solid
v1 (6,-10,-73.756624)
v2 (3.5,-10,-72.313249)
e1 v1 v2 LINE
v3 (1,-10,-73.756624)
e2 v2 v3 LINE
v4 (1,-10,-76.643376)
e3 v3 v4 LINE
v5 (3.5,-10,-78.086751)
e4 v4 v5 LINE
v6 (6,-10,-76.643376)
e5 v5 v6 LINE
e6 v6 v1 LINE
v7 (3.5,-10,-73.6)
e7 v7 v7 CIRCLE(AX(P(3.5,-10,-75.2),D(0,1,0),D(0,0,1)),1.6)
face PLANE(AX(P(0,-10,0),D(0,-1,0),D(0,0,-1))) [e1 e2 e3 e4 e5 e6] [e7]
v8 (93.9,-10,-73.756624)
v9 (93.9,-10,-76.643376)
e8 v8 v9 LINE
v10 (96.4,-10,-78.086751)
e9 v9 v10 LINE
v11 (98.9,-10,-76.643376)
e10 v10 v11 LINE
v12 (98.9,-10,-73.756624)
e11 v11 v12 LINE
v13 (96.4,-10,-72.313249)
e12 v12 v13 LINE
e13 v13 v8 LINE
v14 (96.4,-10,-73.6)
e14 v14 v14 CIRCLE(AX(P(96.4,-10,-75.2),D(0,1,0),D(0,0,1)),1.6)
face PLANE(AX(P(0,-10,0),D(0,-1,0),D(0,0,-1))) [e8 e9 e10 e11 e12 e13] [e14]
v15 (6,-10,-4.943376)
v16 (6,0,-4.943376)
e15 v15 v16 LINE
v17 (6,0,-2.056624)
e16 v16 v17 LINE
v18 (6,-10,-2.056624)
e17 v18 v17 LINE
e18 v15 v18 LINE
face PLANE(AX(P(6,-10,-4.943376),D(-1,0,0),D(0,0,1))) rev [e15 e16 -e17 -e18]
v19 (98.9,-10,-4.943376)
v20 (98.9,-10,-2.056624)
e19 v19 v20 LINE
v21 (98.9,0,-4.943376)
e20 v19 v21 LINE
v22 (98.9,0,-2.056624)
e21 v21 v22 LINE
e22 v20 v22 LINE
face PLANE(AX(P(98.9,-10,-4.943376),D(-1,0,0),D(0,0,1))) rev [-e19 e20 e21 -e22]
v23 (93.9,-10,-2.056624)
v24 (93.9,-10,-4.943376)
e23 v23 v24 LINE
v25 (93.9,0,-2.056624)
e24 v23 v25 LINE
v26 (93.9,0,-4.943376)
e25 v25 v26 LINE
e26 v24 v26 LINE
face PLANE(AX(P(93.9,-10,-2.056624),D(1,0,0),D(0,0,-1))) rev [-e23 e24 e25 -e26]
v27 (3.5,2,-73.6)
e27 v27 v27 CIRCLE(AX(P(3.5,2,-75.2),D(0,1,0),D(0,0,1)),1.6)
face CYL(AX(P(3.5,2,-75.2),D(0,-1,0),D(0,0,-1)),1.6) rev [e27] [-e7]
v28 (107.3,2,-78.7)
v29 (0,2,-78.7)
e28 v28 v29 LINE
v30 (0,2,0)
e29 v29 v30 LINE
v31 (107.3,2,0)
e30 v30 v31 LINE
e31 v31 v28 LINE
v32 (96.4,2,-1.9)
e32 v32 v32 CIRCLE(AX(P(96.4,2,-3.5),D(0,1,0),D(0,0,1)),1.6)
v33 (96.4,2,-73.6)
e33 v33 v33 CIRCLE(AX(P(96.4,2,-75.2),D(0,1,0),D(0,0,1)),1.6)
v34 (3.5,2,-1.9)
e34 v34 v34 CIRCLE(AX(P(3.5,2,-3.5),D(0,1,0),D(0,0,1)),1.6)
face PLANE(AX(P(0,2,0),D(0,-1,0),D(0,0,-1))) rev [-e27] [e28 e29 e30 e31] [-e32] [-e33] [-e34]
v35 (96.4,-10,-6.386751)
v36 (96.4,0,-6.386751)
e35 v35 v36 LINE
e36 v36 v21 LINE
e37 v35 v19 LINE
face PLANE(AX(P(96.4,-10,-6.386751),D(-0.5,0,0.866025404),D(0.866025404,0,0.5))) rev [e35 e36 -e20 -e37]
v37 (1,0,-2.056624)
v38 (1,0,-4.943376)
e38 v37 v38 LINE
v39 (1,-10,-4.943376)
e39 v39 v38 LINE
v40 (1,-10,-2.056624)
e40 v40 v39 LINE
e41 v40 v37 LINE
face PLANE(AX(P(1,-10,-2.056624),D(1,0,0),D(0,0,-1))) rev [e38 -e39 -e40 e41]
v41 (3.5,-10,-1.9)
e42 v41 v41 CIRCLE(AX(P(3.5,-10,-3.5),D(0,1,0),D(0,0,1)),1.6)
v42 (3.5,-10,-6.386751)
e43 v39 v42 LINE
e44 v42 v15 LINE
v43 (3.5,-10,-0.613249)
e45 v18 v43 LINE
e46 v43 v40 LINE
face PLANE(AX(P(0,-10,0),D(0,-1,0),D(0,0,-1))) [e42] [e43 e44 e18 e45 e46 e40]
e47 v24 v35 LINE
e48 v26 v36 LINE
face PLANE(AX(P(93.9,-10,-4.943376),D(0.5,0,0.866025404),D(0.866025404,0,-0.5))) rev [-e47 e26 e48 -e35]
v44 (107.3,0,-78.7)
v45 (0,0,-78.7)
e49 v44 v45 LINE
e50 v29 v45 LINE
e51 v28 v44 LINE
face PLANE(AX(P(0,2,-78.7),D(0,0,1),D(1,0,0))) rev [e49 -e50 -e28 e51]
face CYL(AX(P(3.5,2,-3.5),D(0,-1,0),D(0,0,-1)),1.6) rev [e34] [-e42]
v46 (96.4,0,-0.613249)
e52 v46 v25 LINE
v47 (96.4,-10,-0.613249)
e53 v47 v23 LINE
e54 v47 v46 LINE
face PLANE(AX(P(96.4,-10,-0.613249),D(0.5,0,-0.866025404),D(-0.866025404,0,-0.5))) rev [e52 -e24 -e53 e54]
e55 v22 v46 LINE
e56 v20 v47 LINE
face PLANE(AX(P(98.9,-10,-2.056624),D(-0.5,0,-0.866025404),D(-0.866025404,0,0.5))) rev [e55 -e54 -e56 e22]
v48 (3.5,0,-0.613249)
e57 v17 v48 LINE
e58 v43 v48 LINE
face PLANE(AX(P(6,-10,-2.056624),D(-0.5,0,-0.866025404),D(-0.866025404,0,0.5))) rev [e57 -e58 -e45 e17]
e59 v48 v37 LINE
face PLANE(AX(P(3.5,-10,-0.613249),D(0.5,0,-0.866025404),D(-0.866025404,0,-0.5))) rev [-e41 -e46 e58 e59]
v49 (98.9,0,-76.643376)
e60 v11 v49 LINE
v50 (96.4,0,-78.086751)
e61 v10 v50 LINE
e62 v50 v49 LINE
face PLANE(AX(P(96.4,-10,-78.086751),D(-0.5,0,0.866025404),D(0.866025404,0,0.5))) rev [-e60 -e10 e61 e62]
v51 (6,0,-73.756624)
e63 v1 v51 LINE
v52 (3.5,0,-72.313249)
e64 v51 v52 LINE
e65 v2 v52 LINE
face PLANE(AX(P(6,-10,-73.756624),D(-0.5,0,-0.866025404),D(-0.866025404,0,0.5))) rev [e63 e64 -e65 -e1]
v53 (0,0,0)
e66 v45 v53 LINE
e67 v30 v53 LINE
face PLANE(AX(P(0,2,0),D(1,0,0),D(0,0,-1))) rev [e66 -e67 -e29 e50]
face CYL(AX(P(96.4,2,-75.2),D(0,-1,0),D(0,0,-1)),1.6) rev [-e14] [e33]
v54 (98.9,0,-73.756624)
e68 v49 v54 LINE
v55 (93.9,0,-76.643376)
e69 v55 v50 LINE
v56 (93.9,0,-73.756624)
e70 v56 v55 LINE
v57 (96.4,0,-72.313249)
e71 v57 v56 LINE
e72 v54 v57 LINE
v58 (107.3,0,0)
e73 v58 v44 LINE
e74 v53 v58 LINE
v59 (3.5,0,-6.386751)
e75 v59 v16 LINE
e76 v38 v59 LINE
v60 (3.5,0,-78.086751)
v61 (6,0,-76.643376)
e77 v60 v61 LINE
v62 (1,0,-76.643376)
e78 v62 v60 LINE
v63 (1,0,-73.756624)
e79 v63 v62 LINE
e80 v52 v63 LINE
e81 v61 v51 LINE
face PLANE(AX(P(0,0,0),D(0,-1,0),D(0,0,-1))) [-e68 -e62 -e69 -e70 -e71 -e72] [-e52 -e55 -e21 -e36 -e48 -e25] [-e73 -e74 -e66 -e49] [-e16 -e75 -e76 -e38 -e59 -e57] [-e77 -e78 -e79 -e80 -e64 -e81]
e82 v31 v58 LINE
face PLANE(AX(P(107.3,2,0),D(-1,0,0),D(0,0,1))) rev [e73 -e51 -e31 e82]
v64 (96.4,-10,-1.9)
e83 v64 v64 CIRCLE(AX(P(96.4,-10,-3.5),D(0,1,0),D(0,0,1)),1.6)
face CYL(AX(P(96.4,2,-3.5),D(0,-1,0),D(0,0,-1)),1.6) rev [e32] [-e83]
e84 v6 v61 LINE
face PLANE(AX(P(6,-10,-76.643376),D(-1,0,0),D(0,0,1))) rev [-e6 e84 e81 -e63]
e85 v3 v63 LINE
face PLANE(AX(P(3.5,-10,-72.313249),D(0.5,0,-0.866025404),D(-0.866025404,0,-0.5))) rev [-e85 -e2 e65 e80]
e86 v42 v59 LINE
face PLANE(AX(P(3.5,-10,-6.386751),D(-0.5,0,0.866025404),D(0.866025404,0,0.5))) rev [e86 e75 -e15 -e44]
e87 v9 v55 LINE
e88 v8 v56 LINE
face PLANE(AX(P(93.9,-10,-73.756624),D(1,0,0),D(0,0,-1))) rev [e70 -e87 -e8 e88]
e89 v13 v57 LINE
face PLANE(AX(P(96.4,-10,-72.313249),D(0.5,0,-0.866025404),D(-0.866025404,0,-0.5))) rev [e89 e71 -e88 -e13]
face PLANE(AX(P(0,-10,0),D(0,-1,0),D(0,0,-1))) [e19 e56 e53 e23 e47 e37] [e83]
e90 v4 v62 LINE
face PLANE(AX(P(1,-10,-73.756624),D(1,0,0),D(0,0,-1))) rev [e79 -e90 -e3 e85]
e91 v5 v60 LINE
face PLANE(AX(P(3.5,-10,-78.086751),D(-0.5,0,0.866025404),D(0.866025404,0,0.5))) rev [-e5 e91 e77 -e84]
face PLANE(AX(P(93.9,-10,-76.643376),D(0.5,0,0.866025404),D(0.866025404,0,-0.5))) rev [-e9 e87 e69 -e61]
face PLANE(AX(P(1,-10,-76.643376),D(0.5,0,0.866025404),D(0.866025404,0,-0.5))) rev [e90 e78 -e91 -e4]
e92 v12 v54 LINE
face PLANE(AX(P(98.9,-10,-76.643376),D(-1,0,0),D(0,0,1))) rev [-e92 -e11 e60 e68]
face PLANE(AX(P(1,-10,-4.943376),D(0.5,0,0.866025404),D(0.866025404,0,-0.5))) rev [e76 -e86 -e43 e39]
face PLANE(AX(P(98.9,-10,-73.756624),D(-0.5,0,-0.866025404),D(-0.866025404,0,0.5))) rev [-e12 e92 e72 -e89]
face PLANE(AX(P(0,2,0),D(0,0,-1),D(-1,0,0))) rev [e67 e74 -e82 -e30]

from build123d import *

# Parameters (mm, degrees)
SKETCH_1_W          = 107.3
SKETCH_1_H          = 78.7
SKETCH_1_R          = 1.6
EXTRUDE_1_DEPTH     = 2
EXTRUDE_2_DEPTH     = 10
SKETCH_3_R          = 1.6
CUT_EXTRUDE_1_DEPTH = 11


with BuildPart() as part:
    # Эскиз1 → Бобышка-Вытянуть1 (new body)
    with BuildSketch(Plane(origin=(0, 0, 0), x_dir=(1, 0, 0), z_dir=(0, 1, 0))):
        with Locations((53.65, 39.35)):
            Rectangle(SKETCH_1_W, SKETCH_1_H)
        with Locations((3.5, 75.2)):
            Circle(SKETCH_1_R, mode=Mode.SUBTRACT)
        with Locations((96.4, 75.2)):
            Circle(SKETCH_1_R, mode=Mode.SUBTRACT)
        with Locations((96.4, 3.5)):
            Circle(SKETCH_1_R, mode=Mode.SUBTRACT)
        with Locations((3.5, 3.5)):
            Circle(SKETCH_1_R, mode=Mode.SUBTRACT)
    extrude(amount=EXTRUDE_1_DEPTH)

    # Эскиз2 → Бобышка-Вытянуть2 (add)
    with BuildSketch(Plane.XZ):
        Polygon((93.9, -4.943375673), (96.4, -6.386751346), (98.9, -4.943375673), (98.9, -2.056624327), (96.4, -0.613248654), (93.9, -2.056624327), align=None)
        Polygon((93.9, -76.643375673), (96.4, -78.086751346), (98.9, -76.643375673), (98.9, -73.756624327), (96.4, -72.313248654), (93.9, -73.756624327), align=None)
        Polygon((3.5, -6.386751346), (6, -4.943375673), (6, -2.056624327), (3.5, -0.613248654), (1, -2.056624327), (1, -4.943375673), align=None)
        Polygon((3.5, -72.313248654), (1, -73.756624327), (1, -76.643375673), (3.5, -78.086751346), (6, -76.643375673), (6, -73.756624327), align=None)
    extrude(amount=EXTRUDE_2_DEPTH)

    # Эскиз3 → Вырез-Вытянуть1 (cut, through all)
    with BuildSketch(Plane(origin=(0, 0, 0), x_dir=(1, 0, 0), z_dir=(0, 1, 0))):
        with Locations((3.5, 3.5)):
            Circle(SKETCH_3_R)
        with Locations((3.5, 75.2)):
            Circle(SKETCH_3_R)
        with Locations((96.4, 75.2)):
            Circle(SKETCH_3_R)
        with Locations((96.4, 3.5)):
            Circle(SKETCH_3_R)
    extrude(amount=-CUT_EXTRUDE_1_DEPTH, mode=Mode.SUBTRACT)


solid = part.part
